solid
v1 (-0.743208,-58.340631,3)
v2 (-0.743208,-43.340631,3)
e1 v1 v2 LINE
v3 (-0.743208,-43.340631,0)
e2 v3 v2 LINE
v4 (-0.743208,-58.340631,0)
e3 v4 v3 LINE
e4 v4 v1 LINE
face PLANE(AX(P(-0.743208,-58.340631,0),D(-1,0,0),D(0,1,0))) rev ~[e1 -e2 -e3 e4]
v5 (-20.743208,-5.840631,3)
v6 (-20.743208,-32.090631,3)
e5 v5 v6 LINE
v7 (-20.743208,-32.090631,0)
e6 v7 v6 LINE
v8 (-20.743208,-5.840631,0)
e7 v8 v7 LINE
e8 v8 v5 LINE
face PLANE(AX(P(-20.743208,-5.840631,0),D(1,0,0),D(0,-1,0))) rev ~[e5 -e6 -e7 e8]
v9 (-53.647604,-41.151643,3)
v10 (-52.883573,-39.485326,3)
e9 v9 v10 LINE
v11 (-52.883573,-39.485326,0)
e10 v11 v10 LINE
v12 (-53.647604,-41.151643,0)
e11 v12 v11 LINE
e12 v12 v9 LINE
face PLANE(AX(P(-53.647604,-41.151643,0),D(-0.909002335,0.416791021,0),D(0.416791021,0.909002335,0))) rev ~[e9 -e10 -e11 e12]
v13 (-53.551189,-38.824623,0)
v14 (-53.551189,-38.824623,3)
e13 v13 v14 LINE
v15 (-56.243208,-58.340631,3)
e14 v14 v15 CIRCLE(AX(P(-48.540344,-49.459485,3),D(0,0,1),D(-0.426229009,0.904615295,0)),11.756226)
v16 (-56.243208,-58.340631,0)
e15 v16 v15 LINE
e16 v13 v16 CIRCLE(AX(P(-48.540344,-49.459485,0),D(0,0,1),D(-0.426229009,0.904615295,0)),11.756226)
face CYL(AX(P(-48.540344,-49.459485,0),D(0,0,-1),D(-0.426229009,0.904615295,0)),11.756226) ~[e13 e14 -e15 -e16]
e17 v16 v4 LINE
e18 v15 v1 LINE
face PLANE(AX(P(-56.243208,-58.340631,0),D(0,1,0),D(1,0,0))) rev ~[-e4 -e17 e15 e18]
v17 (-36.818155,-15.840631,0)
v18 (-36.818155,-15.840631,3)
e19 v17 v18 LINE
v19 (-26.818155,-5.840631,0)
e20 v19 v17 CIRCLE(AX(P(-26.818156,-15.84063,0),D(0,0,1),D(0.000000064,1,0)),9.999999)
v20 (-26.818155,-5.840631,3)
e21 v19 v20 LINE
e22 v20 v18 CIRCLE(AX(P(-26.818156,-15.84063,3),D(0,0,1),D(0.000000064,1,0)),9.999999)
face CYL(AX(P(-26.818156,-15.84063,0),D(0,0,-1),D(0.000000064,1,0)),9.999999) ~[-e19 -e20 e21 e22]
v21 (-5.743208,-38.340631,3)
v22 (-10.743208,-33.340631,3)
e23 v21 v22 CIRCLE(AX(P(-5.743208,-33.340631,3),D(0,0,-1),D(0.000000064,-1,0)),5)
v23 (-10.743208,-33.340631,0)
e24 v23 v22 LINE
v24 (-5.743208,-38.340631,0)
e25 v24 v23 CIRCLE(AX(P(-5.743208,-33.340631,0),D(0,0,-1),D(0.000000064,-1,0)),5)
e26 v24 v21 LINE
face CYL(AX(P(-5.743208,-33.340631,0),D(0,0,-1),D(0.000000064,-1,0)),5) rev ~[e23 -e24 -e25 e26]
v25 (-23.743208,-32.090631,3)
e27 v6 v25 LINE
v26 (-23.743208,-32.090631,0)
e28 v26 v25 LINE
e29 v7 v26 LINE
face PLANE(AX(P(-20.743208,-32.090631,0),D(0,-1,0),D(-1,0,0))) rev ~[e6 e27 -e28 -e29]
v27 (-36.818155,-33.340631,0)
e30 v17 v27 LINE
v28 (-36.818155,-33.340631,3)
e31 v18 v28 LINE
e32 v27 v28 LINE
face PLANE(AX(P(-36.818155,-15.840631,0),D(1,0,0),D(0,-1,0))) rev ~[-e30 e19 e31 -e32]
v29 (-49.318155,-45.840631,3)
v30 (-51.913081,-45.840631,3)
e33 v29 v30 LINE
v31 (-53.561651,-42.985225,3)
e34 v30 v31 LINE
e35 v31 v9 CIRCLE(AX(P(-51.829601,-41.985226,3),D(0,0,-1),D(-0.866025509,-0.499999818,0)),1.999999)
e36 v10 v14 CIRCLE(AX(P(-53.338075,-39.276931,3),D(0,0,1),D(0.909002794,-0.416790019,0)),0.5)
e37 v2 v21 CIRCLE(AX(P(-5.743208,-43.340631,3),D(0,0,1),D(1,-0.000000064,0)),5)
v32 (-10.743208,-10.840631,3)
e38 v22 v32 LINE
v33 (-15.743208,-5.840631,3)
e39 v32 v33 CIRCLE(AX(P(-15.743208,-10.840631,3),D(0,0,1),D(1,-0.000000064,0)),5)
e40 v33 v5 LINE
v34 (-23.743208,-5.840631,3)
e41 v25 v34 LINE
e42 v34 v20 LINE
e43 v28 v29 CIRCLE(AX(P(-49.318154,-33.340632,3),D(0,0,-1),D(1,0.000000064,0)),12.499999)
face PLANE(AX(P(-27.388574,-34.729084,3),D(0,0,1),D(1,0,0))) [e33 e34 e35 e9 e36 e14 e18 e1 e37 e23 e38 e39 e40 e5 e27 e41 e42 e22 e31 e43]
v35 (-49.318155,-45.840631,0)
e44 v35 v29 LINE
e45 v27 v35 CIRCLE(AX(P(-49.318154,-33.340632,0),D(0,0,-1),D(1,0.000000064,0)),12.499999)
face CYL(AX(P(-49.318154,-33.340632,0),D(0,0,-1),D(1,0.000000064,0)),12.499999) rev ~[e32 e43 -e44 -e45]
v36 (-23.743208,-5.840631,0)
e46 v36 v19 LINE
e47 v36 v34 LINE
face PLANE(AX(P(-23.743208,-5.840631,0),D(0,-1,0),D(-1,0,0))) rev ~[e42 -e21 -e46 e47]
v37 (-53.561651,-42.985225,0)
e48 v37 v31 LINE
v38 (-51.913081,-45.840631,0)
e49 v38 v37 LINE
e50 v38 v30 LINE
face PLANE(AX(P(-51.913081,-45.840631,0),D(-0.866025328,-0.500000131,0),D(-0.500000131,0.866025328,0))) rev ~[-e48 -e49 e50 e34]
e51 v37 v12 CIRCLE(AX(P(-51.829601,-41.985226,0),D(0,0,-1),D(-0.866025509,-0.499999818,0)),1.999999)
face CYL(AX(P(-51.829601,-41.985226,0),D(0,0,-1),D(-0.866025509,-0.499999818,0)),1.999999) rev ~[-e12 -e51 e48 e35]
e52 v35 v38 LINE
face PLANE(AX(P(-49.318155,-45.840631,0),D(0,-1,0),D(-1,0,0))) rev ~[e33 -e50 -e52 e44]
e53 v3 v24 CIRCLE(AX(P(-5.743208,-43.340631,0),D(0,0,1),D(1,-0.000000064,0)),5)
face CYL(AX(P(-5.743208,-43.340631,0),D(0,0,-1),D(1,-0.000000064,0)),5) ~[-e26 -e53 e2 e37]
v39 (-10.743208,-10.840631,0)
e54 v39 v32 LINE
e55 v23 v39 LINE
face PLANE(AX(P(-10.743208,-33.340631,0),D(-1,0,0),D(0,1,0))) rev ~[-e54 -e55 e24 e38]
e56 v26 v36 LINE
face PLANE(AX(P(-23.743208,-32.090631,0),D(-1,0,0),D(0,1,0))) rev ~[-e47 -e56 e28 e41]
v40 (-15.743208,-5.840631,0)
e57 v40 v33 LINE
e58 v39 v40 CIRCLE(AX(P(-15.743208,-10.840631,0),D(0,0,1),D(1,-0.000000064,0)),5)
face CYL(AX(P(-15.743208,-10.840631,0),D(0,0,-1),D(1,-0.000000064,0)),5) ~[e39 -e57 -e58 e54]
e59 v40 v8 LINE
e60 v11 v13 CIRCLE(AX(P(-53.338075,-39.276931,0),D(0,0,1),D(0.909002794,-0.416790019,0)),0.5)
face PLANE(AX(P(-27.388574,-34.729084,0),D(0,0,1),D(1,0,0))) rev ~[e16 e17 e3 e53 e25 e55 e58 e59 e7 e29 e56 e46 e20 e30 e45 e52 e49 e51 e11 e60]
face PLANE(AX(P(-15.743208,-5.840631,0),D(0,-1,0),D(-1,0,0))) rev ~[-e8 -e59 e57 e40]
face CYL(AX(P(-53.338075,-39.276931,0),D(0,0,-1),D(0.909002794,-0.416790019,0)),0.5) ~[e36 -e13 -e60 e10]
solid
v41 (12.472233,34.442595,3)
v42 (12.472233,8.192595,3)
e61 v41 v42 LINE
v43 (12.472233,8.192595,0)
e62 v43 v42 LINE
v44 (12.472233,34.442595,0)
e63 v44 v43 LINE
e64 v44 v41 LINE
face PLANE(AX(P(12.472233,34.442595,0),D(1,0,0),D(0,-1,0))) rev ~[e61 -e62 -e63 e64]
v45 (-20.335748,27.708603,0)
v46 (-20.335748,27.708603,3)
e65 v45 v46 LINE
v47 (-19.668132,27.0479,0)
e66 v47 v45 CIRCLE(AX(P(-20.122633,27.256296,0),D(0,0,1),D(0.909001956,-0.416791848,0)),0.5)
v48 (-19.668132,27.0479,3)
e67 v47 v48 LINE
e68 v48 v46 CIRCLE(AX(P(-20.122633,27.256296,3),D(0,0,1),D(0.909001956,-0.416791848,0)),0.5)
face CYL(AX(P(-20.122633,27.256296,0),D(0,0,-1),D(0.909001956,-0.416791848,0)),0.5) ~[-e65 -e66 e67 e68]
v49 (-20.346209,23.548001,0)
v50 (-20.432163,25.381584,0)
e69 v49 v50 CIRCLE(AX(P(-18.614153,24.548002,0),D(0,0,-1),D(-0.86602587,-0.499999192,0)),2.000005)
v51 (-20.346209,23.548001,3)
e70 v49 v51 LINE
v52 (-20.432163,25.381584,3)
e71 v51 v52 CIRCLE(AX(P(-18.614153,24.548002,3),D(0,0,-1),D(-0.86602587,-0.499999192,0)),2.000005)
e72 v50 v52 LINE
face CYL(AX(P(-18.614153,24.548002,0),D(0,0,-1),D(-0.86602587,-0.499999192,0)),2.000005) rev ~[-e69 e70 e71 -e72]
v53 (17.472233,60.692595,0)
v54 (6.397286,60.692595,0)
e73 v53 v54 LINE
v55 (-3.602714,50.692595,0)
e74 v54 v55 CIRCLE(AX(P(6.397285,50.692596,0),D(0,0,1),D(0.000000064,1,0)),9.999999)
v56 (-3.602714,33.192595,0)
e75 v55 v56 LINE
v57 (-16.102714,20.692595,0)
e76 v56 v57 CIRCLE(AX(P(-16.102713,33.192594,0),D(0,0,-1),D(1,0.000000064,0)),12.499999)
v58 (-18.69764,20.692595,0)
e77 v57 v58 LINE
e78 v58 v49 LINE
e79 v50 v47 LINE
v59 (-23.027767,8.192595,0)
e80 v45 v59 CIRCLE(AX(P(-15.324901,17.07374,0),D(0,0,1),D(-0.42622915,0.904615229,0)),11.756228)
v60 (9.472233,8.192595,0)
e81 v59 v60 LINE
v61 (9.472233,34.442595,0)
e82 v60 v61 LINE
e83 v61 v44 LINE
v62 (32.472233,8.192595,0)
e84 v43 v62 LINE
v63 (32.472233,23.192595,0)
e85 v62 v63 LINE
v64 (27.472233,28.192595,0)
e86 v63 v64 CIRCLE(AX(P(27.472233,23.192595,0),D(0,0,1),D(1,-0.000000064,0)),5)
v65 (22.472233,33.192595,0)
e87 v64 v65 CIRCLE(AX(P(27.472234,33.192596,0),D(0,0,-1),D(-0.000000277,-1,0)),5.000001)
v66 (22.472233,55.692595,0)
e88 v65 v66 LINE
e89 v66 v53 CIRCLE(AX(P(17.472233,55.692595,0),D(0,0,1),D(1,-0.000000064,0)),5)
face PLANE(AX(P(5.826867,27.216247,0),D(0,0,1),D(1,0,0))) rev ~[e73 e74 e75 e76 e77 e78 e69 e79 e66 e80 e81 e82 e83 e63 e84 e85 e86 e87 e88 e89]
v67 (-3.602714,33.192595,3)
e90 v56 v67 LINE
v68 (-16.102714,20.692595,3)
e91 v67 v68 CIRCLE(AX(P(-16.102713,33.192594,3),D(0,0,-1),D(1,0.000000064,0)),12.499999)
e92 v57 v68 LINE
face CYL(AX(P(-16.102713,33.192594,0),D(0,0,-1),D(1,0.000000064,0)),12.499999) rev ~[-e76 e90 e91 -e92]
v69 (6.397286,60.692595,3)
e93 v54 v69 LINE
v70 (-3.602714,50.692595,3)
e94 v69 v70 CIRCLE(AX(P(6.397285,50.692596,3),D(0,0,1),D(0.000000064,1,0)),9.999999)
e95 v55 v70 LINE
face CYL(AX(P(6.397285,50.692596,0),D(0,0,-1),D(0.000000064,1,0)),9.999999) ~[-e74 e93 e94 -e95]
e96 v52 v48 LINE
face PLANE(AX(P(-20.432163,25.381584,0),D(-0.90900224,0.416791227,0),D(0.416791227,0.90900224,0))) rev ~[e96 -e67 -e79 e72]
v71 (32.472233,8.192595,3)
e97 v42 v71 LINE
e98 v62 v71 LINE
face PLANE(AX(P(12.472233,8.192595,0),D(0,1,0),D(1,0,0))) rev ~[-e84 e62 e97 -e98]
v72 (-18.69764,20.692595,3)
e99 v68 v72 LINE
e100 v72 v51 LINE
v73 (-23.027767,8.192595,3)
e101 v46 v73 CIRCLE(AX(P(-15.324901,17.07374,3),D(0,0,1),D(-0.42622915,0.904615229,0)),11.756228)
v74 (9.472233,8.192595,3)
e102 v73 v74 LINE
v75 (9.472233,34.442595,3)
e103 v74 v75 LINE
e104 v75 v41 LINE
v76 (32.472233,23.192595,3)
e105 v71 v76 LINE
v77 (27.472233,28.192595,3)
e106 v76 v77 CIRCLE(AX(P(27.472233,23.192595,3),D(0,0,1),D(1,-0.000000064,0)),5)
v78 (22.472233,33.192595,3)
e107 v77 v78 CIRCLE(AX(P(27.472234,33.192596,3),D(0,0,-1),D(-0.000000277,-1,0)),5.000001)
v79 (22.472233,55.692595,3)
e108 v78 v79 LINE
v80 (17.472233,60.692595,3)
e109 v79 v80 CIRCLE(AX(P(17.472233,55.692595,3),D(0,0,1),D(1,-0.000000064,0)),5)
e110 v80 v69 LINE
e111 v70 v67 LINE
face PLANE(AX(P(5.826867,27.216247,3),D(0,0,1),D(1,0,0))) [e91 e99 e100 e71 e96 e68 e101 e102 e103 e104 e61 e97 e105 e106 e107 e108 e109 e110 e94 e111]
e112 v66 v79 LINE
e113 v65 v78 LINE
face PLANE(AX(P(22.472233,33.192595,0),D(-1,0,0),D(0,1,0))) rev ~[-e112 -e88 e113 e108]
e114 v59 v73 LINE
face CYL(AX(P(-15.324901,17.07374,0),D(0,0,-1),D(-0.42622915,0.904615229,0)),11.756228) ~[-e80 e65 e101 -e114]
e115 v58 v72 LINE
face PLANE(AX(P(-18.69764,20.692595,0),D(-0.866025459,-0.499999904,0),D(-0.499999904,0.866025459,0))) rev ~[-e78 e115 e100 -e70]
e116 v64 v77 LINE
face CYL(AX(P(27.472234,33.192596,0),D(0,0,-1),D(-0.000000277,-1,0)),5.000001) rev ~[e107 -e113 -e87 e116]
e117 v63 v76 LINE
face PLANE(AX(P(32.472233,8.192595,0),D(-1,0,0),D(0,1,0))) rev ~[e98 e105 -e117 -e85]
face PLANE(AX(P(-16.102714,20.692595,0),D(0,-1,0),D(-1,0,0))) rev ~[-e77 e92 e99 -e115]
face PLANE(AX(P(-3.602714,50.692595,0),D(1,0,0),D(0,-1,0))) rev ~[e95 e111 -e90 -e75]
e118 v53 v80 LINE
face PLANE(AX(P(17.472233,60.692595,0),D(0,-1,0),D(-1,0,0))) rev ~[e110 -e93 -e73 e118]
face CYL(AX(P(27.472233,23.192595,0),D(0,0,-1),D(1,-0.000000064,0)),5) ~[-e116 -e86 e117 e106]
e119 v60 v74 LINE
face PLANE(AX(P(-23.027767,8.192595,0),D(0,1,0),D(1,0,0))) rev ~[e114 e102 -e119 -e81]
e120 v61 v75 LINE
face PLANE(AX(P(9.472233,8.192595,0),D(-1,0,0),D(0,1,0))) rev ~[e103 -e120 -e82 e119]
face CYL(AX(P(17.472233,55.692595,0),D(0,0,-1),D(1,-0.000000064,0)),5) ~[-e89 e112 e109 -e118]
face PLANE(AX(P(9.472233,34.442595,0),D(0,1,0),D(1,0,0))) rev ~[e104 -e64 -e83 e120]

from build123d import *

# Parameters (mm, degrees)
F1_DEPTH = 3


with BuildPart() as f1:
    # F0 (on Top) → F1 (new body)
    with BuildSketch(Plane.XY):
        with BuildLine():
            ThreePointArc((-3.602714, 33.192595), (-7.263879, 24.35376), (-16.102714, 20.692595))
            Line((-16.102714, 20.692595), (-18.69764, 20.692595))
            Line((-18.69764, 20.692595), (-20.346209, 23.548001))
            ThreePointArc((-20.346209, 23.548001), (-20.611964, 24.454349), (-20.432163, 25.381584))
            Line((-20.432163, 25.381584), (-19.668132, 27.0479))
            ThreePointArc((-19.668132, 27.0479), (-19.770924, 27.611684), (-20.335748, 27.708603))
            ThreePointArc((-20.335748, 27.708603), (-26.970856, 18.680172), (-23.027767, 8.192595))
            Line((-23.027767, 8.192595), (9.472233, 8.192595))
            Line((9.472233, 8.192595), (9.472233, 34.442595))
            Line((9.472233, 34.442595), (12.472233, 34.442595))
            Line((12.472233, 34.442595), (12.472233, 8.192595))
            Line((12.472233, 8.192595), (32.472233, 8.192595))
            Line((32.472233, 8.192595), (32.472233, 23.192595))
            ThreePointArc((32.472233, 23.192595), (31.007767, 26.728129), (27.472233, 28.192595))
            ThreePointArc((27.472233, 28.192595), (23.9367, 29.657061), (22.472233, 33.192595))
            Line((22.472233, 33.192595), (22.472233, 55.692595))
            ThreePointArc((22.472233, 55.692595), (21.007767, 59.228129), (17.472233, 60.692595))
            Line((17.472233, 60.692595), (6.397286, 60.692595))
            ThreePointArc((6.397286, 60.692595), (-0.673782, 57.763663), (-3.602714, 50.692595))
            Line((-3.602714, 50.692595), (-3.602714, 33.192595))
        make_face()
        with BuildLine():
            ThreePointArc((-36.818155, -33.340631), (-40.47932, -42.179466), (-49.318155, -45.840631))
            Line((-49.318155, -45.840631), (-51.913081, -45.840631))
            Line((-51.913081, -45.840631), (-53.561651, -42.985225))
            ThreePointArc((-53.561651, -42.985225), (-53.827406, -42.078877), (-53.647604, -41.151643))
            Line((-53.647604, -41.151643), (-52.883573, -39.485326))
            ThreePointArc((-52.883573, -39.485326), (-52.986366, -38.921542), (-53.551189, -38.824623))
            ThreePointArc((-53.551189, -38.824623), (-60.186298, -47.853054), (-56.243208, -58.340631))
            Line((-56.243208, -58.340631), (-23.743208, -58.340631))
            Line((-23.743208, -58.340631), (-20.743208, -58.340631))
            Line((-20.743208, -58.340631), (-0.743208, -58.340631))
            Line((-0.743208, -58.340631), (-0.743208, -43.340631))
            ThreePointArc((-0.743208, -43.340631), (-2.207674, -39.805097), (-5.743208, -38.340631))
            ThreePointArc((-5.743208, -38.340631), (-9.278742, -36.876165), (-10.743208, -33.340631))
            Line((-10.743208, -33.340631), (-10.743208, -10.840631))
            ThreePointArc((-10.743208, -10.840631), (-12.207674, -7.305097), (-15.743208, -5.840631))
            Line((-15.743208, -5.840631), (-20.743208, -5.840631))
            Line((-20.743208, -5.840631), (-20.743208, -32.090631))
            Line((-20.743208, -32.090631), (-23.743208, -32.090631))
            Line((-23.743208, -32.090631), (-23.743208, -5.840631))
            Line((-23.743208, -5.840631), (-26.818155, -5.840631))
            ThreePointArc((-26.818155, -5.840631), (-33.889223, -8.769563), (-36.818155, -15.840631))
            Line((-36.818155, -15.840631), (-36.818155, -33.340631))
        make_face()
    extrude(amount=F1_DEPTH)


solid = f1.part
